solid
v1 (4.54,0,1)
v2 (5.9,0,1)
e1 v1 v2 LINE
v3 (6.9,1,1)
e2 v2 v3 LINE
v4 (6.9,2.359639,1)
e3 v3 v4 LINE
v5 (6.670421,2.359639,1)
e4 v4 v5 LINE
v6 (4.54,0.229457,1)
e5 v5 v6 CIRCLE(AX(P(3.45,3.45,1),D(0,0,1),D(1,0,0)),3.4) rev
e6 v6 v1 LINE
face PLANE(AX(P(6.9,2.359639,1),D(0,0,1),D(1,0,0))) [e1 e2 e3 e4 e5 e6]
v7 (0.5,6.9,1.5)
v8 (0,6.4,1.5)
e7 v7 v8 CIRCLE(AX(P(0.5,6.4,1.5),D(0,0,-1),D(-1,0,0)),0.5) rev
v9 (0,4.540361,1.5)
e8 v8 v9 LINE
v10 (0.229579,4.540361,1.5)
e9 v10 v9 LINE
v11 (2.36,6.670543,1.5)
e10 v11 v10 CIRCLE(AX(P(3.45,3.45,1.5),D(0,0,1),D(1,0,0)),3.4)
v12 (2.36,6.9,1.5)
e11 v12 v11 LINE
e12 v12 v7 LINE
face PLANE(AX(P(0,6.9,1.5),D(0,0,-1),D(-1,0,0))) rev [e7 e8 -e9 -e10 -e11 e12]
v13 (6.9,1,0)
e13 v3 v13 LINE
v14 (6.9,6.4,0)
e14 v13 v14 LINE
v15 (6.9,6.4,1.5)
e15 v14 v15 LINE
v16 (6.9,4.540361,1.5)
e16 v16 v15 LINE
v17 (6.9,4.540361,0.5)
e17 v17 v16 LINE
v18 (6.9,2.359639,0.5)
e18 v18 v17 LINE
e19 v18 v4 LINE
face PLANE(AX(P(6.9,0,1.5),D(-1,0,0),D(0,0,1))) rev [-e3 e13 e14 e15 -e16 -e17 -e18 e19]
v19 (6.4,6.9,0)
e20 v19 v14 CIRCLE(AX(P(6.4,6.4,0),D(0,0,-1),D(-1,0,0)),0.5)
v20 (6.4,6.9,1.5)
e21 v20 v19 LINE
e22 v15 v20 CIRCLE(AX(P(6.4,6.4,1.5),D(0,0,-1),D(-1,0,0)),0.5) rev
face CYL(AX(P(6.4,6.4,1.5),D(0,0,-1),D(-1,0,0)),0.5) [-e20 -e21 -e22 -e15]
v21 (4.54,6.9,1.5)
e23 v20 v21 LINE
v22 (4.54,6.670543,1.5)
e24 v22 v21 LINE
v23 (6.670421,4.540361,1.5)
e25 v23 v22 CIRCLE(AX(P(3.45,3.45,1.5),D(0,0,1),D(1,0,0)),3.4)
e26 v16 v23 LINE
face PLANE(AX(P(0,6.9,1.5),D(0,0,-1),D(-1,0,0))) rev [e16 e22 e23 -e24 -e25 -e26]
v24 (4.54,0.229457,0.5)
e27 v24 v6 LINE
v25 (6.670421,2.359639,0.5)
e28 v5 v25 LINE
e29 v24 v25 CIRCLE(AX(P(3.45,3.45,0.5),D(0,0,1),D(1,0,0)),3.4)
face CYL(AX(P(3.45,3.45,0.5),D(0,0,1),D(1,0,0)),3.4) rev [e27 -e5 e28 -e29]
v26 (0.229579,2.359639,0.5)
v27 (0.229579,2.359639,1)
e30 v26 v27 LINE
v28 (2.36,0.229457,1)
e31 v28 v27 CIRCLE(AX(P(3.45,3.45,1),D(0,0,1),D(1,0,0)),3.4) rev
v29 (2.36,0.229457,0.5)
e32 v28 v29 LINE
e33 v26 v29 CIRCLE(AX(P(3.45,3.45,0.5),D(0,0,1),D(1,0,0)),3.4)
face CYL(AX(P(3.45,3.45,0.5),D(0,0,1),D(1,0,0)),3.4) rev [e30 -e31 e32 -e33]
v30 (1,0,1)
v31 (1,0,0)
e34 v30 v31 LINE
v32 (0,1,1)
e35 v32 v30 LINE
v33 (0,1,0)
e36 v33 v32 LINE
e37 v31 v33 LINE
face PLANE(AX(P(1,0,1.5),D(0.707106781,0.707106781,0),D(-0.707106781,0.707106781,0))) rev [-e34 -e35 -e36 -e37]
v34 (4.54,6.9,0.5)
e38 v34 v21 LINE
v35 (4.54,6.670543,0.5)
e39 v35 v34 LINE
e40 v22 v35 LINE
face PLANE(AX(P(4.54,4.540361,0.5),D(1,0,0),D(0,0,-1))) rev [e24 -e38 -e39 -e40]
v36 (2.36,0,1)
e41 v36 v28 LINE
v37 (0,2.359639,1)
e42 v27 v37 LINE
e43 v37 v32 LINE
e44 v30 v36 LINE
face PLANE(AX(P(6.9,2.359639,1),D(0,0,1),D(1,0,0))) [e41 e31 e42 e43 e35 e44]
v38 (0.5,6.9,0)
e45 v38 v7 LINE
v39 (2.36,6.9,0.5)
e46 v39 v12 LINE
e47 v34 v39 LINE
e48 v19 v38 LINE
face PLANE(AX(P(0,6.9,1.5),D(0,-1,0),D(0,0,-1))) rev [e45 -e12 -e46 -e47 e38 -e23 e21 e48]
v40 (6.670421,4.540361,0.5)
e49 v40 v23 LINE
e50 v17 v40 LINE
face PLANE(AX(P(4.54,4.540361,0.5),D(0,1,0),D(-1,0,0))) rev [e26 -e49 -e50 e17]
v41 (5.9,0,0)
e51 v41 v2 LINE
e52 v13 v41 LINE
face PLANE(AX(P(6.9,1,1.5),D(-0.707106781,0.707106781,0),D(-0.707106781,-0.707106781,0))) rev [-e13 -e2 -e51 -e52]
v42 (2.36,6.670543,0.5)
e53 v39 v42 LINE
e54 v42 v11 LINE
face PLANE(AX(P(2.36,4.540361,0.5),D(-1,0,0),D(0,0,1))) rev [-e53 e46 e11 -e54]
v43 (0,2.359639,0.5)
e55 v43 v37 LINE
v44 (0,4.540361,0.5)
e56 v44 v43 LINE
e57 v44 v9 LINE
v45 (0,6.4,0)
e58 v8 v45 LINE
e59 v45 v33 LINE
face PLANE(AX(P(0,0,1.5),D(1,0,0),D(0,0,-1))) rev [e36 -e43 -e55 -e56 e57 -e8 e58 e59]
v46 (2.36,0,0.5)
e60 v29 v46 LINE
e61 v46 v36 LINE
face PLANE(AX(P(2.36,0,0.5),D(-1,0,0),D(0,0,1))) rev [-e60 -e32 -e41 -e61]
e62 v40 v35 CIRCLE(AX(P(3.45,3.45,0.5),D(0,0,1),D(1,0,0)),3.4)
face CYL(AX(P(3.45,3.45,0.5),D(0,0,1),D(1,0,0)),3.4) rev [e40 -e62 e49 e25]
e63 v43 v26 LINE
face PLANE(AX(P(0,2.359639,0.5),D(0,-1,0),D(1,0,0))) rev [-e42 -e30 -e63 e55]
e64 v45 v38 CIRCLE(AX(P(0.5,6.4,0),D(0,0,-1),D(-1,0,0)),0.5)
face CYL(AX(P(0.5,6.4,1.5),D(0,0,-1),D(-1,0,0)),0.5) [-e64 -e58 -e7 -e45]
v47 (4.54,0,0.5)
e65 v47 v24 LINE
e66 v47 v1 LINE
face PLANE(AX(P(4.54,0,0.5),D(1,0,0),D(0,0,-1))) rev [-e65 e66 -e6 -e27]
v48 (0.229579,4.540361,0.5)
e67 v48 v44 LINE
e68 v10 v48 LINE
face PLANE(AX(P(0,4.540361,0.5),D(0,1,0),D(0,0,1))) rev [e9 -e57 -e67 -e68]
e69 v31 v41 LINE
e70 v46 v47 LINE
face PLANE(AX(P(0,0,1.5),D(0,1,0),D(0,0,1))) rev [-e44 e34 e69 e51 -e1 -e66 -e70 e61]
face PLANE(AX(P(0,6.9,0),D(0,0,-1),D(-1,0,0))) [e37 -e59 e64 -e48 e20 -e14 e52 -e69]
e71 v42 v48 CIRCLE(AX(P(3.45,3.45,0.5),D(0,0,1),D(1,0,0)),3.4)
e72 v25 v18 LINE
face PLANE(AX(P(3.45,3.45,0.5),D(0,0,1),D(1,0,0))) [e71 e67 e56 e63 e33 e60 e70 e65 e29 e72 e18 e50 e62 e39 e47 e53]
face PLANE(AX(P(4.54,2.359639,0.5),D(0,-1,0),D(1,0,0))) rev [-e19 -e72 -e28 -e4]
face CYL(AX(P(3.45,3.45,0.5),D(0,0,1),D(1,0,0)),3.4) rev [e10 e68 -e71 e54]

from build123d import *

# Parameters (mm, degrees)
ESQUISSE1_W             = 6.9
ESQUISSE1_H             = 6.9
BOSS_EXTRU_1_DEPTH      = 1.5
ESQUISSE2_R             = 3.4
ENL_V_MAT_EXTRU_7_DEPTH = 1
ENL_V_MAT_EXTRU_8_DEPTH = 1
ESQUISSE4_W             = 6.9
ESQUISSE4_H             = 2.359638985
ENL_V_MAT_EXTRU_9_DEPTH = 0.5
CHANFREIN1_SIZE         = 1
CONG_1_R                = 0.5


with BuildPart() as part:
    # Esquisse1 → Boss.-Extru.1 (new body)
    with BuildSketch(Plane.XY):
        with Locations((3.45, 3.45)):
            Rectangle(ESQUISSE1_W, ESQUISSE1_H)
    extrude(amount=BOSS_EXTRU_1_DEPTH)

    # Esquisse2 → Enlèv. mat.-Extru.7 (cut)
    with BuildSketch(Plane.XY.offset(1.5)):
        with Locations((3.45, 3.45)):
            Circle(ESQUISSE2_R)
    extrude(amount=-ENL_V_MAT_EXTRU_7_DEPTH, mode=Mode.SUBTRACT)

    # Esquisse3 → Enlèv. mat.-Extru.8 (cut)
    with BuildSketch(Plane.XY.offset(1.5)):
        Polygon((0, 4.540361015), (2.36, 4.540361015), (2.36, 6.9), (4.54, 6.9), (4.54, 4.540361015), (6.9, 4.540361015), (6.9, 2.359638985), (4.54, 2.359638985), (4.54, 0), (2.36, 0), (2.36, 2.359638985), (0, 2.359638985), align=None)
    extrude(amount=-ENL_V_MAT_EXTRU_8_DEPTH, mode=Mode.SUBTRACT)

    # Esquisse4 → Enlèv. mat.-Extru.9 (cut)
    with BuildSketch(Plane.XY.offset(1.5)):
        with Locations((3.45, 1.179819493)):
            Rectangle(ESQUISSE4_W, ESQUISSE4_H)
    extrude(amount=-ENL_V_MAT_EXTRU_9_DEPTH, mode=Mode.SUBTRACT)

    # Chanfrein1
    chanfrein1_edges = [part.edges().sort_by_distance(p)[0] for p in [
        (6.9, 0, 0.5),
        (0, 0, 0.5),
    ]]
    chamfer(chanfrein1_edges, length=CHANFREIN1_SIZE)

    # Congé1
    cong_1_edges = [part.edges().sort_by_distance(p)[0] for p in [
        (0, 6.9, 0.75),
        (6.9, 6.9, 0.75),
    ]]
    fillet(cong_1_edges, radius=CONG_1_R)


solid = part.part
